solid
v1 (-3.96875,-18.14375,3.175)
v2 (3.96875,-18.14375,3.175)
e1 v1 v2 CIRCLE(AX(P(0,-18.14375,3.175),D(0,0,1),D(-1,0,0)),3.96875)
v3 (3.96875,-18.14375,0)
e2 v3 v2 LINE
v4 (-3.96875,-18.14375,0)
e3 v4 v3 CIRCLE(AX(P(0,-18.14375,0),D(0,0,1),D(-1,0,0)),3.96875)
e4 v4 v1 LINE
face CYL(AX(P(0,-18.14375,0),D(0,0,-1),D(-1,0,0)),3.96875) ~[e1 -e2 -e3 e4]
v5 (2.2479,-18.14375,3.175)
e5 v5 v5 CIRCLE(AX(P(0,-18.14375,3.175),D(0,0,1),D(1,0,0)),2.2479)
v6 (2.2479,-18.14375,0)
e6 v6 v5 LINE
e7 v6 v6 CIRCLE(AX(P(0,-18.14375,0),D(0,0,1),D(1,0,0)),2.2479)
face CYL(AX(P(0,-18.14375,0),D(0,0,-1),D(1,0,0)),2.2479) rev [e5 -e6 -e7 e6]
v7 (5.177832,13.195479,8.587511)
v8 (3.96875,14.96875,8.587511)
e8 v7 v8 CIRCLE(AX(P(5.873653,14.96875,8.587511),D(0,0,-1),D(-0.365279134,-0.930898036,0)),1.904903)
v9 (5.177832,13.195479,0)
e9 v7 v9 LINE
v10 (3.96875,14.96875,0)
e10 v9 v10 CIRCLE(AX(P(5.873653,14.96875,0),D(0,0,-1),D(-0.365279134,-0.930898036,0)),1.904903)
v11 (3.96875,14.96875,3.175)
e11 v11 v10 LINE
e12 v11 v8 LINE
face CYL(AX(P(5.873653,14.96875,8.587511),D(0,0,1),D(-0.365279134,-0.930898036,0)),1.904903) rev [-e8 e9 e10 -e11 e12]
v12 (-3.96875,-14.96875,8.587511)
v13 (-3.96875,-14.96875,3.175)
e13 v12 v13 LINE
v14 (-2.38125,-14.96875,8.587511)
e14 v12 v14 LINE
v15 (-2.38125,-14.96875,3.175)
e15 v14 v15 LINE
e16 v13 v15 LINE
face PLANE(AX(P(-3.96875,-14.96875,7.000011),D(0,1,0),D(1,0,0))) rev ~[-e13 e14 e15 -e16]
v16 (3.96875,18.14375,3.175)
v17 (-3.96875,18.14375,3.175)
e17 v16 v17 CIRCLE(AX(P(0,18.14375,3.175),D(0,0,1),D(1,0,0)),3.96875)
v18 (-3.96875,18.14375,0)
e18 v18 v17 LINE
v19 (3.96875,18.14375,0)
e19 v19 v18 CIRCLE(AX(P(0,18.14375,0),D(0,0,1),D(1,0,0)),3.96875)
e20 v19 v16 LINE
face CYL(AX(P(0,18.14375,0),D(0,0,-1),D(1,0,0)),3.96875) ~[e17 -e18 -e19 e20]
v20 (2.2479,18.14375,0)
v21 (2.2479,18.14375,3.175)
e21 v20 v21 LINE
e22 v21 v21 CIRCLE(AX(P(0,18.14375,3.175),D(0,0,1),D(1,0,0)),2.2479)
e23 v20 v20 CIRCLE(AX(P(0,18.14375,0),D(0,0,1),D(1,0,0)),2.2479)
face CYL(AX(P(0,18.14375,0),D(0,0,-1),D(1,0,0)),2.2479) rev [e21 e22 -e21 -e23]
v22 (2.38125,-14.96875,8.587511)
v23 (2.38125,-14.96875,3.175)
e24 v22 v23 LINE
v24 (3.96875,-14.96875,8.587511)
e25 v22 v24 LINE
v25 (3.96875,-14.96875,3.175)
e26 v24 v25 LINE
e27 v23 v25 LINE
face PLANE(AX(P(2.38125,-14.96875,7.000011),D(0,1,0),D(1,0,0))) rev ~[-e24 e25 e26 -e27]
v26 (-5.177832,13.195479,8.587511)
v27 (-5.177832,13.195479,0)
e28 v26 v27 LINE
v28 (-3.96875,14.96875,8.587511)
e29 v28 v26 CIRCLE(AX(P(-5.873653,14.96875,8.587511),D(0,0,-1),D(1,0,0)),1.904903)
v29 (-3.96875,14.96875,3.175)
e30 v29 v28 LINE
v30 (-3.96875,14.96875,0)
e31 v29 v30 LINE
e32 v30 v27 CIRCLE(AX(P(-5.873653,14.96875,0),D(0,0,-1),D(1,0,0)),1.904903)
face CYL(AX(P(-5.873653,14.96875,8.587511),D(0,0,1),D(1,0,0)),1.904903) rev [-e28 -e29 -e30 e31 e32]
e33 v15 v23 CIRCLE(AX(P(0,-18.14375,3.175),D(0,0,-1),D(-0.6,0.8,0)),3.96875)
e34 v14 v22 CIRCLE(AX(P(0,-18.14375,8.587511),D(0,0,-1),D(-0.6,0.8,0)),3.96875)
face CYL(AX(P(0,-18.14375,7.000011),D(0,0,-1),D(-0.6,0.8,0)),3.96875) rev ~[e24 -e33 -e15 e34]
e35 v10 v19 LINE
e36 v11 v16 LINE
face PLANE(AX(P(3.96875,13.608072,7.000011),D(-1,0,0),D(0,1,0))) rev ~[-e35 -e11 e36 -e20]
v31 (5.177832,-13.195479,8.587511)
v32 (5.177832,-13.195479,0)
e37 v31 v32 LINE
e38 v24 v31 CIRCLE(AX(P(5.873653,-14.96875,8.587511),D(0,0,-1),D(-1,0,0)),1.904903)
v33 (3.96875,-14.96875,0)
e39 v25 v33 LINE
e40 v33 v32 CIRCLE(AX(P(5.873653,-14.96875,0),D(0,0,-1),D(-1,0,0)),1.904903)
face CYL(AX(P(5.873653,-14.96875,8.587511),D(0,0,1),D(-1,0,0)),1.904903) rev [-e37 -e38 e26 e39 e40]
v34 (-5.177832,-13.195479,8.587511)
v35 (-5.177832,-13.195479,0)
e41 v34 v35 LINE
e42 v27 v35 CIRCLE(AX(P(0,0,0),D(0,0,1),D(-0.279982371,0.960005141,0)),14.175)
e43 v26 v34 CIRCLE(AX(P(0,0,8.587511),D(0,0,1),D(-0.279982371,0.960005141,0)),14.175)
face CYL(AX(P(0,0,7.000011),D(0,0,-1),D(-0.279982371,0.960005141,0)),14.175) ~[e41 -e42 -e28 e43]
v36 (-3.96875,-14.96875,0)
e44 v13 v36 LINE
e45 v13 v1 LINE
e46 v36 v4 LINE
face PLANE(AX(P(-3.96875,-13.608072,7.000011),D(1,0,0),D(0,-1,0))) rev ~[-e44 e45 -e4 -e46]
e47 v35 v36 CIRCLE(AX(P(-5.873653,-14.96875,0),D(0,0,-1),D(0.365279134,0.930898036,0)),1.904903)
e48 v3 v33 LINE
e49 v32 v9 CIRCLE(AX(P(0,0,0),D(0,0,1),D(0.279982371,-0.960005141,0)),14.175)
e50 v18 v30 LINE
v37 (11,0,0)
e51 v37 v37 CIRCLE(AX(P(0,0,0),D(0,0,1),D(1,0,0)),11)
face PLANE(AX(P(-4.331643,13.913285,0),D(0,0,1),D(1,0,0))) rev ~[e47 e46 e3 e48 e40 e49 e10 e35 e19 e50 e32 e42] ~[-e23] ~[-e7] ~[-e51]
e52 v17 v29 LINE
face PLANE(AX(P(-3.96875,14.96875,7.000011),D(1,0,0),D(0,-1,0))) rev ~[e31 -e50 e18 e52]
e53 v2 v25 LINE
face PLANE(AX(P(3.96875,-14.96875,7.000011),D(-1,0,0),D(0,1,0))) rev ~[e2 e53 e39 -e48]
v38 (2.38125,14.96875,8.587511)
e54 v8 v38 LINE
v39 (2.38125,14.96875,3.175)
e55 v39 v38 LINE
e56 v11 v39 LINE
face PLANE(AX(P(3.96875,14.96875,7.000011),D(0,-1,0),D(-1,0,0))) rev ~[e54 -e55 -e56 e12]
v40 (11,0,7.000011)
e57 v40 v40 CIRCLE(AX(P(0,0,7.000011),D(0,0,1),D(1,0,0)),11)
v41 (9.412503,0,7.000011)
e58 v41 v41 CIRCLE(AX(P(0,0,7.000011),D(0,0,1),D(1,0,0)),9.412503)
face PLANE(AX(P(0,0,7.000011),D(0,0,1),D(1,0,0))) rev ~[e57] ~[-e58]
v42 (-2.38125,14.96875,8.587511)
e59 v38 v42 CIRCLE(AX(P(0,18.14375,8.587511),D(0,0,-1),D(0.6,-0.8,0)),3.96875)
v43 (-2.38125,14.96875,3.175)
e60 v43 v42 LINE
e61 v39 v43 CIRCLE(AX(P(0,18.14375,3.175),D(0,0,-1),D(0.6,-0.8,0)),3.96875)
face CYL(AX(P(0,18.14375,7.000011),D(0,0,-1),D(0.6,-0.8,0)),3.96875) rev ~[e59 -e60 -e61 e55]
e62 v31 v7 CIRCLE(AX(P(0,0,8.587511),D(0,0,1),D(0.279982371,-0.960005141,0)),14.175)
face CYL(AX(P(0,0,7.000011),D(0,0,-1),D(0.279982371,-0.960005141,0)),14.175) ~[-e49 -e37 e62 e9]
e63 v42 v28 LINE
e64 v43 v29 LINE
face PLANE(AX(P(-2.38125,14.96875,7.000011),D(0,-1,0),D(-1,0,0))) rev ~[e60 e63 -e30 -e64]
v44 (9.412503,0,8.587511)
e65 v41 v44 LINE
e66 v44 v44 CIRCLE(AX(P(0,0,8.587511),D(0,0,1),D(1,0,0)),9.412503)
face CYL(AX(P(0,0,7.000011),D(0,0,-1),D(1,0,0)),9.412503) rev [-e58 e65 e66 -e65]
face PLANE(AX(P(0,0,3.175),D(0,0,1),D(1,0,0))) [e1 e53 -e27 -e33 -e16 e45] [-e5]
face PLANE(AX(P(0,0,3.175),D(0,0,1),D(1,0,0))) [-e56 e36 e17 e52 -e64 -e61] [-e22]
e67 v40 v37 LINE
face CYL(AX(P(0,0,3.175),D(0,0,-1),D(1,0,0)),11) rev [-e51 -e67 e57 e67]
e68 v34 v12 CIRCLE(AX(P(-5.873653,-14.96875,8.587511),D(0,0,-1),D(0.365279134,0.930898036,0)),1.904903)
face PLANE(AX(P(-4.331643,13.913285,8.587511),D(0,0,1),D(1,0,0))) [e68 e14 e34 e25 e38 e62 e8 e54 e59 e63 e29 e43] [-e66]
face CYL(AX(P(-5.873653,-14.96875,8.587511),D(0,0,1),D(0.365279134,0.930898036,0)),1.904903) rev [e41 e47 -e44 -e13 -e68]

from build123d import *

# Parameters (mm, degrees)
F0_R     = 2.2479
F0_R_2   = 11
F1_DEPTH = 3.175
F2_R     = 11
F3_DEPTH = 3.8250114
F4_R     = 11
F4_R_2   = 9.4125034
F5_DEPTH = 1.5875
F7_DEPTH = 8.5875114


with BuildPart() as f1:
    # F0 (on Top) → F1 (new body)
    with BuildSketch(Plane.XY):
        with BuildLine():
            Line((3.96875, -18.14374959), (3.96875, -13.6080724871))
            ThreePointArc((3.96875, -13.6080724871), (14.17499959, 0), (3.96875, 13.6080724871))
            Line((3.96875, 13.6080724871), (3.96875, 18.14374959))
            ThreePointArc((3.96875, 18.14374959), (0, 22.11249959), (-3.96875, 18.14374959))
            Line((-3.96875, 18.14374959), (-3.96875, 13.6080724871))
            ThreePointArc((-3.96875, 13.6080724871), (-14.17499959, 0), (-3.96875, -13.6080724871))
            Line((-3.96875, -13.6080724871), (-3.96875, -18.14374959))
            ThreePointArc((-3.96875, -18.14374959), (0, -22.11249959), (3.96875, -18.14374959))
        make_face()
        with Locations((0, -18.14374959)):
            Circle(F0_R, mode=Mode.SUBTRACT)
        Circle(F0_R_2, mode=Mode.SUBTRACT)
        with Locations((0, 18.14374959)):
            Circle(F0_R, mode=Mode.SUBTRACT)
    extrude(amount=F1_DEPTH)

    # F2 (on face) → F3 (join)
    with BuildSketch(Plane.XY.offset(3.175)):
        with BuildLine():
            ThreePointArc((2.38125, 14.96874959), (0, 14.17499959), (-2.38125, 14.96874959))
            Line((-2.38125, 14.96874959), (-3.96875, 14.96874959))
            Line((-3.96875, 14.96874959), (-3.96875, 13.6080724871))
            ThreePointArc((-3.96875, 13.6080724871), (-14.17499959, 0), (-3.96875, -13.6080724871))
            Line((-3.96875, -13.6080724871), (-3.96875, -14.96874959))
            Line((-3.96875, -14.96874959), (-2.38125, -14.96874959))
            ThreePointArc((-2.38125, -14.96874959), (0, -14.17499959), (2.38125, -14.96874959))
            Line((2.38125, -14.96874959), (3.96875, -14.96874959))
            Line((3.96875, -14.96874959), (3.96875, -13.6080724871))
            ThreePointArc((3.96875, -13.6080724871), (14.17499959, 0), (3.96875, 13.6080724871))
            Line((3.96875, 13.6080724871), (3.96875, 14.96874959))
            Line((3.96875, 14.96874959), (2.38125, 14.96874959))
        make_face()
        Circle(F2_R, mode=Mode.SUBTRACT)
    extrude(amount=F3_DEPTH)

    # F4 (on face) → F5 (join)
    with BuildSketch(Plane.XY.offset(7.0000114)):
        with BuildLine():
            ThreePointArc((3.96875, -13.6080724871), (14.17499959, 0), (3.96875, 13.6080724871))
            Line((3.96875, 13.6080724871), (3.96875, 14.96874959))
            Line((3.96875, 14.96874959), (2.38125, 14.96874959))
            ThreePointArc((2.38125, 14.96874959), (0, 14.17499959), (-2.38125, 14.96874959))
            Line((-2.38125, 14.96874959), (-3.96875, 14.96874959))
            Line((-3.96875, 14.96874959), (-3.96875, 13.6080724871))
            ThreePointArc((-3.96875, 13.6080724871), (-14.17499959, 0), (-3.96875, -13.6080724871))
            Line((-3.96875, -13.6080724871), (-3.96875, -14.96874959))
            Line((-3.96875, -14.96874959), (-2.38125, -14.96874959))
            ThreePointArc((-2.38125, -14.96874959), (0, -14.17499959), (2.38125, -14.96874959))
            Line((2.38125, -14.96874959), (3.96875, -14.96874959))
            Line((3.96875, -14.96874959), (3.96875, -13.6080724871))
        make_face()
        Circle(F4_R, mode=Mode.SUBTRACT)
        Circle(F4_R)
        Circle(F4_R_2, mode=Mode.SUBTRACT)
    extrude(amount=F5_DEPTH)

    # F6 (on face) → F7 (join, through all)
    with BuildSketch(Plane.XY.offset(8.5875114)):
        with BuildLine():
            ThreePointArc((-3.96875, 14.96874959), (-4.2997839234, 13.8956272964), (-5.1778315745, 13.1954792851))
            ThreePointArc((-5.1778315745, 13.1954792851), (-4.57794134, 13.4154040738), (-3.96875, 13.6080724871))
            Line((-3.96875, 13.6080724871), (-3.96875, 14.96874959))
        make_face()
        with BuildLine():
            ThreePointArc((5.1778315745, 13.1954792851), (4.2997839234, 13.8956272964), (3.96875, 14.96874959))
            Line((3.96875, 14.96874959), (3.96875, 13.6080724871))
            ThreePointArc((3.96875, 13.6080724871), (4.57794134, 13.4154040738), (5.1778315745, 13.1954792851))
        make_face()
        with BuildLine():
            ThreePointArc((-5.1778315745, -13.1954792851), (-4.2997839234, -13.8956272964), (-3.96875, -14.96874959))
            Line((-3.96875, -14.96874959), (-3.96875, -13.6080724871))
            ThreePointArc((-3.96875, -13.6080724871), (-4.57794134, -13.4154040738), (-5.1778315745, -13.1954792851))
        make_face()
        with BuildLine():
            ThreePointArc((3.96875, -14.96874959), (4.2997839234, -13.8956272964), (5.1778315745, -13.1954792851))
            ThreePointArc((5.1778315745, -13.1954792851), (4.57794134, -13.4154040738), (3.96875, -13.6080724871))
            Line((3.96875, -13.6080724871), (3.96875, -14.96874959))
        make_face()
    extrude(amount=-F7_DEPTH)


solid = f1.part
